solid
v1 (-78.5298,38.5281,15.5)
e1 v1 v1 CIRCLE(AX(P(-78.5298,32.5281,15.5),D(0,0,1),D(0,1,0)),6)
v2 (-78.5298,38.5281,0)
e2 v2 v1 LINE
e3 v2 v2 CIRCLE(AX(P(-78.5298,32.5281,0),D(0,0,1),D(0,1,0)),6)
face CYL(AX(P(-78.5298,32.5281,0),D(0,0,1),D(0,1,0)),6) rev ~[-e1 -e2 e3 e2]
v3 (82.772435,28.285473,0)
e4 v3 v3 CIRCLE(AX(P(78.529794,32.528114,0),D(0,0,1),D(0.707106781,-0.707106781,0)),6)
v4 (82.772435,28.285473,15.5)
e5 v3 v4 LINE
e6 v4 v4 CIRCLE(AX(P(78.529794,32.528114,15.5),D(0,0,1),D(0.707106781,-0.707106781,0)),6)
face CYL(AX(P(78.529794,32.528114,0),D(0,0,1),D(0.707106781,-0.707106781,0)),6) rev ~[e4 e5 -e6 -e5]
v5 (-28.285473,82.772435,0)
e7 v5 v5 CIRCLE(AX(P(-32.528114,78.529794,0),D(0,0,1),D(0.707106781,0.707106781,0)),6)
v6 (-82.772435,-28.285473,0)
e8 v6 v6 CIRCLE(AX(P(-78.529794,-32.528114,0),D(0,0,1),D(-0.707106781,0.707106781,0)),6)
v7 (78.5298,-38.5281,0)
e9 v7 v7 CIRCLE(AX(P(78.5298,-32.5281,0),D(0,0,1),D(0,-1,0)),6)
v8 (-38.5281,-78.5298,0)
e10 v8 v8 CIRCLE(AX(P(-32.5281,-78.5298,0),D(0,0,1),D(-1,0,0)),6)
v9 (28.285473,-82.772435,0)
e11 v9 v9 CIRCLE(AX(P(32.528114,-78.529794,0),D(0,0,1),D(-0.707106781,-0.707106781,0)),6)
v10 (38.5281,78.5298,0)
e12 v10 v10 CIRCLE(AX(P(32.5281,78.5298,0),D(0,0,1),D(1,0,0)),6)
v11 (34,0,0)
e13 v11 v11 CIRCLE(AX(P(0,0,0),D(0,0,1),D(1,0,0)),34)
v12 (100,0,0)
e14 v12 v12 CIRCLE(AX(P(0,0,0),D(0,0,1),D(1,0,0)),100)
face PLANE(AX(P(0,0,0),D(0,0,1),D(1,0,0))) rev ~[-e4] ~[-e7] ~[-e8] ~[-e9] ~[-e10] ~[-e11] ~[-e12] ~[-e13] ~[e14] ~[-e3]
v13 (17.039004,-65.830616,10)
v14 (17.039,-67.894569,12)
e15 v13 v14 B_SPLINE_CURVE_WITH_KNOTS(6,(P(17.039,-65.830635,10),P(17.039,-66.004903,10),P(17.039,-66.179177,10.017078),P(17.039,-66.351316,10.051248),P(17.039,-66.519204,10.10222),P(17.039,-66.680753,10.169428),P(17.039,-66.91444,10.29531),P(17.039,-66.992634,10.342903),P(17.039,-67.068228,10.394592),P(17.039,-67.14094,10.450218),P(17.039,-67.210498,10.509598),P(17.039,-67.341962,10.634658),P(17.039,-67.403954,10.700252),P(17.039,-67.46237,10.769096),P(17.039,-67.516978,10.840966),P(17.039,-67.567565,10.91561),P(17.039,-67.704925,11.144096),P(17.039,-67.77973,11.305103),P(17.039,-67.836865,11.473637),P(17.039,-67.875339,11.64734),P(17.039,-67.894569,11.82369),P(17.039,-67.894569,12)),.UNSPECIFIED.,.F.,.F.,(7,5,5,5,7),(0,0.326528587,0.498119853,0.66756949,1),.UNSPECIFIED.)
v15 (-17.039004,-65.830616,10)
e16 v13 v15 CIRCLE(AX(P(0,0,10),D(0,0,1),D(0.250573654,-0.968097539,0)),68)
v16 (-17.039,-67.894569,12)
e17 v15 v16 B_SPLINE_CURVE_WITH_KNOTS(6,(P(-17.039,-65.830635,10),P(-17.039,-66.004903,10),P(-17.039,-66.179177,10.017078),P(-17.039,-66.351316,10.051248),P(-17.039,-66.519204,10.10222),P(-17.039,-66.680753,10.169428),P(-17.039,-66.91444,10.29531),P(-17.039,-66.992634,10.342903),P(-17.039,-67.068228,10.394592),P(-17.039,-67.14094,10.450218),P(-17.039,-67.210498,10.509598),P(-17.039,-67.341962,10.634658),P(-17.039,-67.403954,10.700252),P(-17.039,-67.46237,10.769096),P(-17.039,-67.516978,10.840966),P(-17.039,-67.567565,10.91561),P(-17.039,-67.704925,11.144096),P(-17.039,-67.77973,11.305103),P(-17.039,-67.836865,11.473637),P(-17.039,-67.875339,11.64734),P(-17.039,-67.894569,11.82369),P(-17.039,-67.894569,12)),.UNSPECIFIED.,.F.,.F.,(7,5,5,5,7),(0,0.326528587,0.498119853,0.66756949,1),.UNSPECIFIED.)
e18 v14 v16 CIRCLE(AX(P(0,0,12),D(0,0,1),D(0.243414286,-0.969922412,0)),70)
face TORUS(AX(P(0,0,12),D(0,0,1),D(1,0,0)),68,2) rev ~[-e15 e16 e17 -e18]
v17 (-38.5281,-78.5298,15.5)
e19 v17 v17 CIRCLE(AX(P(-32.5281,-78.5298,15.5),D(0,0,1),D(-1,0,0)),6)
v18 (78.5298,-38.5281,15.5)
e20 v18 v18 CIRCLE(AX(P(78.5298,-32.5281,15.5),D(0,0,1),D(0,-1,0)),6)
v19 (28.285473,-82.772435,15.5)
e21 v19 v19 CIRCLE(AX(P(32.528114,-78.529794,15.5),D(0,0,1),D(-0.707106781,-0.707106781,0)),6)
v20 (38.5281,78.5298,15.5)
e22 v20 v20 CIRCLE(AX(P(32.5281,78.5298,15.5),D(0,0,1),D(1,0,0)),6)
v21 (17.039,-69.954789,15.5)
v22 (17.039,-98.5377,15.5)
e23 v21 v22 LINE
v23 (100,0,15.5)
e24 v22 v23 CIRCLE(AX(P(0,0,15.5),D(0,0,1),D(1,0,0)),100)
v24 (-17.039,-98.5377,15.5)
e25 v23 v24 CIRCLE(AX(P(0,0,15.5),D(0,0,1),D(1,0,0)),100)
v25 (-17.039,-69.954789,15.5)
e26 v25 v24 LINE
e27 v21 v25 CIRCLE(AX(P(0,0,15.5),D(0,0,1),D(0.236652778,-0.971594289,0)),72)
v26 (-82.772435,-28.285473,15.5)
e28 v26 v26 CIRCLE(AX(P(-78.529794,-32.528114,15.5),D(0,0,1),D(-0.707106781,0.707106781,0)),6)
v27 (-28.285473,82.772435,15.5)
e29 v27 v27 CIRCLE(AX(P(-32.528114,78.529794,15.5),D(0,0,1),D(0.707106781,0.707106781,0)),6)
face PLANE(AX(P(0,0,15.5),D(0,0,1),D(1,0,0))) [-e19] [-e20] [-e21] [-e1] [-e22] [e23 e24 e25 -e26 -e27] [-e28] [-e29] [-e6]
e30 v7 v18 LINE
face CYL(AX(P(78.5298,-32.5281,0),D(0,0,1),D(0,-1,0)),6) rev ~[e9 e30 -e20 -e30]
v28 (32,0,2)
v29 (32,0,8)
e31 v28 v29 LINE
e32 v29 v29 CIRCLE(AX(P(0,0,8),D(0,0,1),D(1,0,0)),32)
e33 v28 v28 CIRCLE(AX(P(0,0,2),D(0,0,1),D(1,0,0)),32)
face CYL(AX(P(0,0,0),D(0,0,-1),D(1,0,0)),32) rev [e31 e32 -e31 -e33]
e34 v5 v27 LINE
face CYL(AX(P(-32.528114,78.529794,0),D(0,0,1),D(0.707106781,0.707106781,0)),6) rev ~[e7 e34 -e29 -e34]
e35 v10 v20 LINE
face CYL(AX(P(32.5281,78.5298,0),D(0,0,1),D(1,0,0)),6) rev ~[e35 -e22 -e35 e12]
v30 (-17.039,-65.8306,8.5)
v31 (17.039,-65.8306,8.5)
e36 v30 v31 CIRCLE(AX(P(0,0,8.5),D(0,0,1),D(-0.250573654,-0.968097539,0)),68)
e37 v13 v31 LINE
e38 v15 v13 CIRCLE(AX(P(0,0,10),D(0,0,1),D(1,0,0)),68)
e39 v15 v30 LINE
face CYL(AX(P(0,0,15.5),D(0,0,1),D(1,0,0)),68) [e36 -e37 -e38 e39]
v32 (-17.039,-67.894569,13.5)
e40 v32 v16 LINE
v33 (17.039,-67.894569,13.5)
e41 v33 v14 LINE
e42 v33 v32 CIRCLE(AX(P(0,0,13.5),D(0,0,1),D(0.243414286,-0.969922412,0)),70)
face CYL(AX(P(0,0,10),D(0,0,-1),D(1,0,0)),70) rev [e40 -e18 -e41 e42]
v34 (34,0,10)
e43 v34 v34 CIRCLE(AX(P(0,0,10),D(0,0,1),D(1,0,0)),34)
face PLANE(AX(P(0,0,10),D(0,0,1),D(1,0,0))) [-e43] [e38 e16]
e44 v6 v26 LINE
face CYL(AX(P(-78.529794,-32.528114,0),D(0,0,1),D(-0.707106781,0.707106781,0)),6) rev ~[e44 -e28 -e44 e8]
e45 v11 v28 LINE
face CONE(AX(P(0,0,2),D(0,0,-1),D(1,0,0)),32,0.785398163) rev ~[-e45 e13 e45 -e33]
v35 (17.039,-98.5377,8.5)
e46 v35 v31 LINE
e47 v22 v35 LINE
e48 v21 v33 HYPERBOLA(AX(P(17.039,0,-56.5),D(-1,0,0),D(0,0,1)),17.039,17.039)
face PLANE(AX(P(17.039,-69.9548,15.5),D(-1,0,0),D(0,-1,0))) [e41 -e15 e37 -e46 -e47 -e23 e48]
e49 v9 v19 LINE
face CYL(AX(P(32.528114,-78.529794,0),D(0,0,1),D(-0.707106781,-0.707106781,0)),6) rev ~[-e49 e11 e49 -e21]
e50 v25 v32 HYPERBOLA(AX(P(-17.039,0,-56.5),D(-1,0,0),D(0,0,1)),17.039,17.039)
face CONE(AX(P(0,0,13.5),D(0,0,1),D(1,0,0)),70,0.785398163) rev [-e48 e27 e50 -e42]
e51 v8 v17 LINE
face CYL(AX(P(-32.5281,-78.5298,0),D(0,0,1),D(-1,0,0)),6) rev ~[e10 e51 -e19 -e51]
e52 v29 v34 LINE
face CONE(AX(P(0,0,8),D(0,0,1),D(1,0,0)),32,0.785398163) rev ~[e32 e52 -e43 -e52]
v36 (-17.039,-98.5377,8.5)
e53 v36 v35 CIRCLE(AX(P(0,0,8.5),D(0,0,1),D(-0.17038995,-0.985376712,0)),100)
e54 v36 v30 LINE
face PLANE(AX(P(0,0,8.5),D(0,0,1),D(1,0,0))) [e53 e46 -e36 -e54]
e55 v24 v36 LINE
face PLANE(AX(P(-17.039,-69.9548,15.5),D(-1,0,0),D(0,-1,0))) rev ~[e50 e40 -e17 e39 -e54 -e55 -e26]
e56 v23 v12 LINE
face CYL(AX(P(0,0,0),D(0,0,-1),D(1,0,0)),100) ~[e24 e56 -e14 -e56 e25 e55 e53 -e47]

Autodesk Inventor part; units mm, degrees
ref_plane "YZ Plane" through (0, 0, 0) normal (1, 0, 0) x (0, 1, 0)
ref_plane "XZ Plane" through (0, 0, 0) normal (0, 1, 0) x (-1, 0, 0)
ref_plane "XY Plane" through (0, 0, 0) normal (0, 0, 1) x (1, 0, 0)
sketch "Эскиз1" plane through (0, 0, 0) normal (0, 0, 1) x (1, 0, 0)
  circle A0 centre (0, 0) radius 32
  circle A1 centre (0, 0) radius 100
  dimension "d0" = 64
  dimension "d1" = 200
extrude "Выдавливание1" add sketch "Эскиз1" along normal blind 10
sketch "Эскиз2" plane through (0, 0, 10) normal (0, 0, 1) x (1, 0, 0)
  circle A0 centre (0, 0) radius 100 projected
  circle A1 centre (0, 0) radius 70
  dimension "d4" = 140
extrude "Выдавливание2" add sketch "Эскиз2" along normal blind 5.5
sketch "Эскиз3" plane through (0, 0, 0) normal (0, 0, -1) x (-1, 0, 0)
  line L0 (0, 0) -> (78.5298, 32.5281)
  line L1 (140, 0) -> (-140, 0) projected
  dimension "d8" = 85
  dimension "d9" = 22.5
hole "Отверстие1" at (-78.5298, 32.5281, 0) direction (0, 0, 1) diameter 12 end through all
pattern_circular "Круговой массив1" count 8 over 360 about axis through (0, 0, 0) along (0, 0, 1) of "Отверстие1"
chamfer "Фаска1" distance 2 angle 45 3 edges at (-32, 0, 0) (-32, 0, 10) (-70, 0, 15.5)
fillet "Сопряжение1" radius 2 1 edges at (-70, 0, 10)
sketch "Эскиз4" plane through (0, 0, 15.5) normal (0, 0, 1) x (1, 0, 0)
  circle A0 centre (0, 0) radius 72 projected
  circle A1 centre (0, 0) radius 100 projected
  line L0 (17.039, -69.9548) -> (17.039, -98.5377)
  circle A2 centre (0, 0) radius 100 projected
  line L1 (0, -140) -> (0, 140) projected
  line L2 (-17.039, -69.9548) -> (-17.039, -98.5377)
  line L3 (-17.039, -69.9548) -> (-17.039, -65.8306)
  circle A3 centre (0, 0) radius 68 projected
  line L4 (17.039, -69.9548) -> (17.039, -65.8306)
extrude "Выдавливание3" cut sketch "Эскиз4" against normal blind 7 contours L0 A1 L1 A0 | A0 L1 A3 L4 | L1 A1 L2 A0 | A0 L3 A3 L1 picked at (9.5127, -80.7365) picked at (15.1684, -67.6061) picked at (-9.5127, -80.7365) picked at (-15.1684, -67.6061)
properties part number "Крышка перегородки22" material "Чугун, серый"
